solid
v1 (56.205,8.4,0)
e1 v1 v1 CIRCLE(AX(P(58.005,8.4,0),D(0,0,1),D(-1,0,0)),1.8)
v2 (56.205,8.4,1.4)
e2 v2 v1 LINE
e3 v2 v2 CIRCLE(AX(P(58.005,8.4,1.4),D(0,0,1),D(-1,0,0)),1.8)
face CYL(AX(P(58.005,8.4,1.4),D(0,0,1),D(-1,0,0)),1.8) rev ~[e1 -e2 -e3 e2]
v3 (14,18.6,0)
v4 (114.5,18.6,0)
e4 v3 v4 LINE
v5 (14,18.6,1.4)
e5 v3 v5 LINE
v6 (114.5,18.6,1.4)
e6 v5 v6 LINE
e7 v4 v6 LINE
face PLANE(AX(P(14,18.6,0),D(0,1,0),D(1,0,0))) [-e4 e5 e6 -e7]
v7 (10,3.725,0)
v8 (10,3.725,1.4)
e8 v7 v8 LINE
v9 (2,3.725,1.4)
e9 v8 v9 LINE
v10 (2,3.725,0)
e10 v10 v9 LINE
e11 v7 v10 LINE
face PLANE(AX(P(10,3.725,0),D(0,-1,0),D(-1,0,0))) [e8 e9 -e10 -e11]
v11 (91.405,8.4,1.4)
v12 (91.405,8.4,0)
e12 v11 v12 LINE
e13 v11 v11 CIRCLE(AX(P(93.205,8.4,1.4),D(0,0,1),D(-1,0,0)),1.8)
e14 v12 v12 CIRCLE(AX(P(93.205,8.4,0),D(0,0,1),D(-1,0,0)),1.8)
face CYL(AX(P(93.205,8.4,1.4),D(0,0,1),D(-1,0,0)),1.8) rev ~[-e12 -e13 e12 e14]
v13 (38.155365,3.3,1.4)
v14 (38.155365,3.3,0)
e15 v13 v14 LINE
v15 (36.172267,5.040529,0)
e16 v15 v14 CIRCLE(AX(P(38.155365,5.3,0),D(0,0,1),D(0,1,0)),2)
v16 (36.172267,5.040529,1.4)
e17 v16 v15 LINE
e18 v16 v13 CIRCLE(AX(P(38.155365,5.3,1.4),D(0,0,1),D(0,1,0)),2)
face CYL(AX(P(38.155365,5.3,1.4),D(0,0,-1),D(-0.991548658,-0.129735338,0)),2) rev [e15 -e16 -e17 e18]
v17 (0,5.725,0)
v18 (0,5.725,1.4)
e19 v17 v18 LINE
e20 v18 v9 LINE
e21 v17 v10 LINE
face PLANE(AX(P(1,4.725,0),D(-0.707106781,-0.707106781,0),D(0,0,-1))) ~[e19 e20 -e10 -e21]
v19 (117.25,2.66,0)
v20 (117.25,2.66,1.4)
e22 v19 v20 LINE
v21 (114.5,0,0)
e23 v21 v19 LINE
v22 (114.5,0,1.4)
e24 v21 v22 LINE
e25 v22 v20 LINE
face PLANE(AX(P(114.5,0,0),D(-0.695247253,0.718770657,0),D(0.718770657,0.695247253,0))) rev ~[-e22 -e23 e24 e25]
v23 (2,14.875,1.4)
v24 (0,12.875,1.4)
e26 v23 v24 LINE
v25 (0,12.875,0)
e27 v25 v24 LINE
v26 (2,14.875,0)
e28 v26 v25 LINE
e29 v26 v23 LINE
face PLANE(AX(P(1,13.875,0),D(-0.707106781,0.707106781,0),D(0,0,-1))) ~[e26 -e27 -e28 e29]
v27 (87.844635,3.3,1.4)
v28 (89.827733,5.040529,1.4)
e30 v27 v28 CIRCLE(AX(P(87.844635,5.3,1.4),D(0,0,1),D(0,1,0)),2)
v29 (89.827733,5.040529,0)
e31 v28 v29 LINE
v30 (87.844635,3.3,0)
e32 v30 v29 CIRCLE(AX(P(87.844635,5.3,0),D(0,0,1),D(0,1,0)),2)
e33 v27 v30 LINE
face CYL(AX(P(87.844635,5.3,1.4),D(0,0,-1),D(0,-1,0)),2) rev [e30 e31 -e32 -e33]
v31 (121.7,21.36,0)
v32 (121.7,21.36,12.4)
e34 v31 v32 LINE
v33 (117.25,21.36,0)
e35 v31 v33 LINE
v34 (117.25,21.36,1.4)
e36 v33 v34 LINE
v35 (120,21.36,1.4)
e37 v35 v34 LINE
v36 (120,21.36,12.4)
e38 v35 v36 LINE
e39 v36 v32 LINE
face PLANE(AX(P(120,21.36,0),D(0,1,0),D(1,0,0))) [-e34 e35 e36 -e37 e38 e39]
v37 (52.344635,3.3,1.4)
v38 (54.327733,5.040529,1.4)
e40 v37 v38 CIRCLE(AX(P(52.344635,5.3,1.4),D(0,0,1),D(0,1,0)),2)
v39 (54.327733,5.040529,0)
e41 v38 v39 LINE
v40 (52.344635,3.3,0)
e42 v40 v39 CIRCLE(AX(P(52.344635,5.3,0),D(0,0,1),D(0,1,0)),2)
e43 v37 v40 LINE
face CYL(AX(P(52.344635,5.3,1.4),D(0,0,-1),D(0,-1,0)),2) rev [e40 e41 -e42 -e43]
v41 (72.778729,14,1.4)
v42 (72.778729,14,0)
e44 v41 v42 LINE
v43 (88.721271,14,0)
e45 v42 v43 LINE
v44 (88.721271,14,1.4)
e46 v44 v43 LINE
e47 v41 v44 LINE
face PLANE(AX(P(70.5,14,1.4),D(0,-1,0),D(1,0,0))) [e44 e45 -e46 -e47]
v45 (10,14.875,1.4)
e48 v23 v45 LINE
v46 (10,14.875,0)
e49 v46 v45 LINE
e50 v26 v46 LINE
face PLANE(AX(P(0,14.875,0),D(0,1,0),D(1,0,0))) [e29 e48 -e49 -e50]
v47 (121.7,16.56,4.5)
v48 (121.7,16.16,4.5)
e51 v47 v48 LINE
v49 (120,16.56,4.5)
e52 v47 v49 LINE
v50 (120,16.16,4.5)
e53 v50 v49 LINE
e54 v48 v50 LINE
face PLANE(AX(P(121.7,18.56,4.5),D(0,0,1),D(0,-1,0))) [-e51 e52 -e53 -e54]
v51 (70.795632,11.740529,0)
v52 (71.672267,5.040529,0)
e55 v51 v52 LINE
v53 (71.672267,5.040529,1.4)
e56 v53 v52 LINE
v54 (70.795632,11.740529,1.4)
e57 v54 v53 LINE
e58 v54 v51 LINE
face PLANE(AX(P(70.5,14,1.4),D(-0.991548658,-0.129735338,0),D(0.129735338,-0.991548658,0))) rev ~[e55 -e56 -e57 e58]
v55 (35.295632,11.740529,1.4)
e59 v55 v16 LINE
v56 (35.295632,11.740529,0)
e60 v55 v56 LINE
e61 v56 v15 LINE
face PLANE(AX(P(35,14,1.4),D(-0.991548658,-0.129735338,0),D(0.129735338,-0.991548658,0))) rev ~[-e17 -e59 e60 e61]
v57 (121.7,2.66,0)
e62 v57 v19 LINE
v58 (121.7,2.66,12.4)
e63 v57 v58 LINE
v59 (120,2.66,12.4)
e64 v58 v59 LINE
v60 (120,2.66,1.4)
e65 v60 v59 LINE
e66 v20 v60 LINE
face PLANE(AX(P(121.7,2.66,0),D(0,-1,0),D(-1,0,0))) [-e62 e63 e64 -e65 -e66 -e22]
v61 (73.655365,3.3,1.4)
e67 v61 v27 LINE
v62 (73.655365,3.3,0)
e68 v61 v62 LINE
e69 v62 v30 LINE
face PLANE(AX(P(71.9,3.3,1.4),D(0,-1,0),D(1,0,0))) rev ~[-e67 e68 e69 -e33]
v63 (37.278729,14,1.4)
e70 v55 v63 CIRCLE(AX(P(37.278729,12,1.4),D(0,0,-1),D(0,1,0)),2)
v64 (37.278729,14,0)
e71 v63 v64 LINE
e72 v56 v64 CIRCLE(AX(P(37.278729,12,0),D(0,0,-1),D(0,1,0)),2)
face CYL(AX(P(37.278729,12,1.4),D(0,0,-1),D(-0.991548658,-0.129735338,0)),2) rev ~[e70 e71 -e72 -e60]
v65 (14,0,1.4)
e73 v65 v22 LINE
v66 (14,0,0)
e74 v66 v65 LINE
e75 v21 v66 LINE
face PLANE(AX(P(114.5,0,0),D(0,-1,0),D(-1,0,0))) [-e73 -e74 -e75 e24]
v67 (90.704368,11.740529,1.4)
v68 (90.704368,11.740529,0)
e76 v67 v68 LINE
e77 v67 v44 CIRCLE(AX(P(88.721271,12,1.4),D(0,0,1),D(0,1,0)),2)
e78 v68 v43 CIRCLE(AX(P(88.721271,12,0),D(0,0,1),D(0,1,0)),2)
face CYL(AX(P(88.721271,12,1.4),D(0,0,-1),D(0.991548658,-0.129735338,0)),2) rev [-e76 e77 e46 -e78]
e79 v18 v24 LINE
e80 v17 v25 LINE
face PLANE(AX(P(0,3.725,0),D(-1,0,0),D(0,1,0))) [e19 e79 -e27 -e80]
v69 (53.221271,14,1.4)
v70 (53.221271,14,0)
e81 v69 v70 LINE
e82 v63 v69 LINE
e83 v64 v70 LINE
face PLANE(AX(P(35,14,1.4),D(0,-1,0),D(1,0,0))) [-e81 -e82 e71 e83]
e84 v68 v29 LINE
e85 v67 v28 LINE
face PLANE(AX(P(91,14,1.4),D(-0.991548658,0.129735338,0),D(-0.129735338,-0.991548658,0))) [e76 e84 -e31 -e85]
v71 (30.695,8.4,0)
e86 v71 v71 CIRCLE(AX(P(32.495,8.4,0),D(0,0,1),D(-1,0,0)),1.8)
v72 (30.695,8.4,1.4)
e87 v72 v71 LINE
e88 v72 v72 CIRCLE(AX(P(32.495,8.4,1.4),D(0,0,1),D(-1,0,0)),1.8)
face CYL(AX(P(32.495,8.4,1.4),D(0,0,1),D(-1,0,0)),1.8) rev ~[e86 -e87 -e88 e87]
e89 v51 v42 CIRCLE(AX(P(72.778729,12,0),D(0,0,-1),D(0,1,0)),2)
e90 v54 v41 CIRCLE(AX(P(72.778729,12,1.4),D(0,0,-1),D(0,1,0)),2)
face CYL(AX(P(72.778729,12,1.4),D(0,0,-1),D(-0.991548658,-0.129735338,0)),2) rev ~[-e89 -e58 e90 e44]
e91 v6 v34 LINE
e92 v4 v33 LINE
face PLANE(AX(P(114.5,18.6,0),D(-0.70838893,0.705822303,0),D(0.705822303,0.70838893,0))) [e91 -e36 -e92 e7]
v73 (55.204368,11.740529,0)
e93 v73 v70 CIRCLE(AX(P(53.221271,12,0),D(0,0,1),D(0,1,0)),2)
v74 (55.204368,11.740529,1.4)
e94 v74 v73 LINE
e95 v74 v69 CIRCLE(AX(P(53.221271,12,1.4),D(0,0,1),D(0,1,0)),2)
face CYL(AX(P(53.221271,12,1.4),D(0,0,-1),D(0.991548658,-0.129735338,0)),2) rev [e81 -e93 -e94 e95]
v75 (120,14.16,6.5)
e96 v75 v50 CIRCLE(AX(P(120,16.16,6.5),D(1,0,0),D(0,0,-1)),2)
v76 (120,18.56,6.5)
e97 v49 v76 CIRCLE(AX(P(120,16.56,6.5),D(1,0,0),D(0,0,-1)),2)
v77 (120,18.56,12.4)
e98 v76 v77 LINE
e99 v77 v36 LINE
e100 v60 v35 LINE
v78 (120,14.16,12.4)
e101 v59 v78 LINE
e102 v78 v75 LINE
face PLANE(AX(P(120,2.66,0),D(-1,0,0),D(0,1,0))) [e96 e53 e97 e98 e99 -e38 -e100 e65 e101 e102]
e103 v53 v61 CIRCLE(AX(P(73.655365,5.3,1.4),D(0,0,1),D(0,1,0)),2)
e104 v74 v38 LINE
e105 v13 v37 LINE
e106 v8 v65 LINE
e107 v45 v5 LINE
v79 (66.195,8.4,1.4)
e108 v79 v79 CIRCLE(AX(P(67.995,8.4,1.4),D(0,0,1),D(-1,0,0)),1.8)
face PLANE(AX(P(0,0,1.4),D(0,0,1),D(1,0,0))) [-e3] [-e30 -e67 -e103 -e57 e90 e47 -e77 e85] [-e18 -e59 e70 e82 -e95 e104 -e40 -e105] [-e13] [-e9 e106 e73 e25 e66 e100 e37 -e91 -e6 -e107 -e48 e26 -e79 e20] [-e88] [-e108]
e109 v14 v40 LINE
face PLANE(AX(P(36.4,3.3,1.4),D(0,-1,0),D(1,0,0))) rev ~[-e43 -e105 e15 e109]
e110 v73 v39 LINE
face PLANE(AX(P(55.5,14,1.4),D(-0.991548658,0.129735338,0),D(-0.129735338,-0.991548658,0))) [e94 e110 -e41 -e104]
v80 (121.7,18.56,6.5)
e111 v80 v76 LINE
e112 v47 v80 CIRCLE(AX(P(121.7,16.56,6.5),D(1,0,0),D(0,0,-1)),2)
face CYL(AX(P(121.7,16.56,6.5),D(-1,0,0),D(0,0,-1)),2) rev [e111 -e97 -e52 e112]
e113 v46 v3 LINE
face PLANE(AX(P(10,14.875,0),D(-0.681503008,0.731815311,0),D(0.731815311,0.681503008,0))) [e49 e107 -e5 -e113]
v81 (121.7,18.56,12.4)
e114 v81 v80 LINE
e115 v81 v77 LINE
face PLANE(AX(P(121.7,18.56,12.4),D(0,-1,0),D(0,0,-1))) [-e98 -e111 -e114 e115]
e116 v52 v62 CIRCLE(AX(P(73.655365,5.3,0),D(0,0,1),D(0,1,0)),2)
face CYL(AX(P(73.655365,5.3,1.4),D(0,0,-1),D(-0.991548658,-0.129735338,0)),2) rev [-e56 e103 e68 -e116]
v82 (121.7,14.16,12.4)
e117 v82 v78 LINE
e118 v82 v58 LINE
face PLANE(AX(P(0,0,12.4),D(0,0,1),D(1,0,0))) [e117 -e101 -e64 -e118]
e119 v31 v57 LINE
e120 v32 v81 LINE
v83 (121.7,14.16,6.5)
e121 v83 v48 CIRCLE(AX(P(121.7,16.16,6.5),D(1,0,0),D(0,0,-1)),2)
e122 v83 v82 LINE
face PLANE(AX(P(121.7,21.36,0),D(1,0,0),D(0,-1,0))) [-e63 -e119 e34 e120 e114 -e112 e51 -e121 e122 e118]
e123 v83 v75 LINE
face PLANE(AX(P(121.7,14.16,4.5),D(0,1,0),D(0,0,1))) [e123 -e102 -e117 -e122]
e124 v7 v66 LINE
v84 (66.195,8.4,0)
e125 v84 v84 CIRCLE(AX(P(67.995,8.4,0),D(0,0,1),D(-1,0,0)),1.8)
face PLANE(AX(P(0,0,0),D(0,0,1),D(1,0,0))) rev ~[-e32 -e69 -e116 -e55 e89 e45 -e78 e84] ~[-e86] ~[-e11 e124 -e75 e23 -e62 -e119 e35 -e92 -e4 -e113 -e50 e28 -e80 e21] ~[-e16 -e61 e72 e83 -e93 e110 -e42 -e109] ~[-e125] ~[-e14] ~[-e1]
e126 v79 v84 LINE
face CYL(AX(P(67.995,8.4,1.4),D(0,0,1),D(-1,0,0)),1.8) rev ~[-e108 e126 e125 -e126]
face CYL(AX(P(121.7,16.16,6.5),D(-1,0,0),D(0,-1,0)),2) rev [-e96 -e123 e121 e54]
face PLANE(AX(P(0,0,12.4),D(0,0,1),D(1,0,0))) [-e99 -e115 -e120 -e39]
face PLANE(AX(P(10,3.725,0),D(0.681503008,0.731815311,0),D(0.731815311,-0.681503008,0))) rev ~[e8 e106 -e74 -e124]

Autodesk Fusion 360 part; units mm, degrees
sketch "스케치1" plane through (0, 0, 0) normal (0, 0, 1) x (1, 0, 0)
  line L0 (14, 18.6) -> (114.5, 18.6)
  line L1 (114.5, 18.6) -> (114.5, 0)
  line L2 (114.5, 0) -> (14, 0)
  line L3 (14, 0) -> (14, 18.6)
  line L4 (0, 14.875) -> (10, 14.875)
  line L5 (10, 14.875) -> (10, 3.725)
  line L6 (10, 3.725) -> (0, 3.725)
  line L7 (0, 3.725) -> (0, 14.875)
  line L8 (0, 9.3) -> (10, 9.3) construction
  line L9 (10, 14.875) -> (14, 18.6)
  line L10 (10, 3.725) -> (14, 0)
  line L11 (1.75, 0) -> (22.5, 0)
  line L12 (0, 1.75) -> (0, 22.5)
  line L13 (120, 21.36) -> (117.25, 21.36)
  line L14 (117.25, 21.36) -> (117.25, 2.66)
  line L15 (117.25, 2.66) -> (120, 2.66)
  line L16 (120, 2.66) -> (120, 21.36)
  line L17 (114.5, 0) -> (144, 0) construction
  line L18 (114.5, 18.6) -> (117.25, 21.36)
  line L19 (114.5, 0) -> (117.25, 2.66)
  line L20 (120, 21.36) -> (121.7, 21.36)
  line L21 (121.7, 21.36) -> (121.7, 2.66)
  line L22 (121.7, 2.66) -> (120, 2.66)
  line L23 (120, 2.66) -> (120, 21.36)
  dimension "d1" = 100.5
  dimension "d2" = 18.6
  dimension "d3" = 10
  dimension "d4" = 11.15
  dimension "d5" = 4
  dimension "d6" = 18.7
  dimension "d7" = 2.66
  dimension "d8" = 2.75
  dimension "d9" = 2.75
  dimension "d10" = 1.7
extrude "돌출1" add sketch "스케치1" along normal blind 1.4 contours L0 L1 L2 L3 L11 | L3 L5 L9 L10 | L1 L14 L18 L19 | L4 L5 L6 L7 L12 | L13 L14 L15 L16 L23
extrude "돌출2" add sketch "스케치1" along normal blind 12.4 contours L16 L20 L21 L22 L23
chamfer "모따기1" distance 2 angle 45 2 edges at (0, 3.725, 0.7) (0, 14.875, 0.7)
sketch "스케치2" plane through (121.7, 0, 0) normal (1, 0, 0) x (0, 1, 0)
  line L0 (2.66, 0) -> (21.36, 0)
  line L1 (21.36, 0) -> (21.36, 12.4)
  line L2 (21.36, 12.4) -> (2.66, 12.4)
  line L3 (2.66, 12.4) -> (2.66, 0)
  line L4 (14.16, 12.4) -> (18.56, 12.4)
  line L5 (18.56, 12.4) -> (18.56, 4.5)
  line L6 (18.56, 4.5) -> (14.16, 4.5)
  line L7 (14.16, 4.5) -> (14.16, 12.4)
  dimension "d16" = 2.8
  dimension "d17" = 4.4
  dimension "d18" = 7.9
extrude "돌출3" cut sketch "스케치2" against normal blind 3 contours L2 L4 L5 L6 L7
fillet "모깎기1" radius 2 2 edges at (120.85, 14.16, 4.5) (120.85, 18.56, 4.5)
sketch "스케치3" plane through (0, 0, 1.4) normal (0, 0, 1) x (-1, 0, 0)
  line L0 (-2, -14.875) -> (0, -12.875)
  line L1 (0, -12.875) -> (0, -5.725)
  line L2 (0, -5.725) -> (-2, -3.725)
  line L3 (-2, -3.725) -> (-10, -3.725)
  line L4 (-10, -3.725) -> (-14, 0)
  line L5 (-14, 0) -> (-114.5, 0)
  line L6 (-114.5, 0) -> (-117.25, -2.66)
  line L7 (-117.25, -2.66) -> (-120, -2.66)
  line L8 (-120, -2.66) -> (-120, -21.36)
  line L9 (-120, -21.36) -> (-117.25, -21.36)
  line L10 (-117.25, -21.36) -> (-114.5, -18.6)
  line L11 (-114.5, -18.6) -> (-14, -18.6)
  line L12 (-14, -18.6) -> (-10, -14.875)
  line L13 (-10, -14.875) -> (-2, -14.875)
  line L14 (7.5, -3.3) -> (-137.5, -3.3) construction
  line L15 (-114.5, 0) -> (-14, 0)
  line L16 (7.5, -14) -> (-137.5, -14) construction
  line L17 (-70.5, -14) -> (-91, -14)
  line L18 (-71.9, -3.3) -> (-89.6, -3.3)
  line L19 (-70.5, -14) -> (-71.9, -3.3)
  line L20 (-91, -14) -> (-89.6, -3.3)
  line L21 (-80.75, -32) -> (-80.75, 14) construction
  line L22 (-70.5, -26) -> (-70.5, 12) construction
  line L23 (-91, -26) -> (-91, 12) construction
  circle A0 centre (-67.995, -8.4) radius 1.8
  circle A1 centre (-93.205, -8.4) radius 1.8
  line L24 (-91.405, -12) -> (-91.405, -5.5195) construction
  line L25 (-69.795, -12) -> (-69.795, -5.5195) construction
  line L26 (-66.5, -6.6) -> (-95, -6.6) construction
  line L27 (-35, -14) -> (-55.5, -14)
  line L28 (-36.4, -3.3) -> (-54.1, -3.3)
  line L29 (-35, -14) -> (-36.4, -3.3)
  line L30 (-55.5, -14) -> (-54.1, -3.3)
  circle A2 centre (-32.495, -8.4) radius 1.8
  circle A3 centre (-58.005, -8.4) radius 1.8
  line L31 (-35, -26) -> (-35, 12) construction
  line L32 (-55.5, -26) -> (-55.5, 12) construction
  line L33 (-34.295, -12) -> (-34.295, -5.5195) construction
  line L34 (-56.205, -12) -> (-56.205, -5.5195) construction
  dimension "d23" = 3.3
  dimension "d24" = 10.7
  dimension "d25" = 20.5
  dimension "d26" = 17.7
  dimension "d27" = 29
  dimension "d28" = 3.6
  dimension "d30" = 0.705
  dimension "d31" = 0.405
  dimension "d32" = 3.3
  dimension "d37" = 3.6
  dimension "d38" = 0.705
  dimension "d39" = 0.705
  dimension "d40" = 15
extrude "돌출4" cut sketch "스케치3" against normal blind 2 contours L17 L18 L19 L20 | A0 | A1
fillet "모깎기2" radius 2 4 edges at (91, 14, 0.7) (70.5, 14, 0.7) (89.6, 3.3, 0.7) (71.9, 3.3, 0.7)
extrude "돌출5" cut sketch "스케치3" against normal blind 4 contours L27 L28 L29 L30 | A2 | A3
fillet "모깎기3" radius 2 4 edges at (35, 14, 0.7) (55.5, 14, 0.7) (36.4, 3.3, 0.7) (54.1, 3.3, 0.7)
